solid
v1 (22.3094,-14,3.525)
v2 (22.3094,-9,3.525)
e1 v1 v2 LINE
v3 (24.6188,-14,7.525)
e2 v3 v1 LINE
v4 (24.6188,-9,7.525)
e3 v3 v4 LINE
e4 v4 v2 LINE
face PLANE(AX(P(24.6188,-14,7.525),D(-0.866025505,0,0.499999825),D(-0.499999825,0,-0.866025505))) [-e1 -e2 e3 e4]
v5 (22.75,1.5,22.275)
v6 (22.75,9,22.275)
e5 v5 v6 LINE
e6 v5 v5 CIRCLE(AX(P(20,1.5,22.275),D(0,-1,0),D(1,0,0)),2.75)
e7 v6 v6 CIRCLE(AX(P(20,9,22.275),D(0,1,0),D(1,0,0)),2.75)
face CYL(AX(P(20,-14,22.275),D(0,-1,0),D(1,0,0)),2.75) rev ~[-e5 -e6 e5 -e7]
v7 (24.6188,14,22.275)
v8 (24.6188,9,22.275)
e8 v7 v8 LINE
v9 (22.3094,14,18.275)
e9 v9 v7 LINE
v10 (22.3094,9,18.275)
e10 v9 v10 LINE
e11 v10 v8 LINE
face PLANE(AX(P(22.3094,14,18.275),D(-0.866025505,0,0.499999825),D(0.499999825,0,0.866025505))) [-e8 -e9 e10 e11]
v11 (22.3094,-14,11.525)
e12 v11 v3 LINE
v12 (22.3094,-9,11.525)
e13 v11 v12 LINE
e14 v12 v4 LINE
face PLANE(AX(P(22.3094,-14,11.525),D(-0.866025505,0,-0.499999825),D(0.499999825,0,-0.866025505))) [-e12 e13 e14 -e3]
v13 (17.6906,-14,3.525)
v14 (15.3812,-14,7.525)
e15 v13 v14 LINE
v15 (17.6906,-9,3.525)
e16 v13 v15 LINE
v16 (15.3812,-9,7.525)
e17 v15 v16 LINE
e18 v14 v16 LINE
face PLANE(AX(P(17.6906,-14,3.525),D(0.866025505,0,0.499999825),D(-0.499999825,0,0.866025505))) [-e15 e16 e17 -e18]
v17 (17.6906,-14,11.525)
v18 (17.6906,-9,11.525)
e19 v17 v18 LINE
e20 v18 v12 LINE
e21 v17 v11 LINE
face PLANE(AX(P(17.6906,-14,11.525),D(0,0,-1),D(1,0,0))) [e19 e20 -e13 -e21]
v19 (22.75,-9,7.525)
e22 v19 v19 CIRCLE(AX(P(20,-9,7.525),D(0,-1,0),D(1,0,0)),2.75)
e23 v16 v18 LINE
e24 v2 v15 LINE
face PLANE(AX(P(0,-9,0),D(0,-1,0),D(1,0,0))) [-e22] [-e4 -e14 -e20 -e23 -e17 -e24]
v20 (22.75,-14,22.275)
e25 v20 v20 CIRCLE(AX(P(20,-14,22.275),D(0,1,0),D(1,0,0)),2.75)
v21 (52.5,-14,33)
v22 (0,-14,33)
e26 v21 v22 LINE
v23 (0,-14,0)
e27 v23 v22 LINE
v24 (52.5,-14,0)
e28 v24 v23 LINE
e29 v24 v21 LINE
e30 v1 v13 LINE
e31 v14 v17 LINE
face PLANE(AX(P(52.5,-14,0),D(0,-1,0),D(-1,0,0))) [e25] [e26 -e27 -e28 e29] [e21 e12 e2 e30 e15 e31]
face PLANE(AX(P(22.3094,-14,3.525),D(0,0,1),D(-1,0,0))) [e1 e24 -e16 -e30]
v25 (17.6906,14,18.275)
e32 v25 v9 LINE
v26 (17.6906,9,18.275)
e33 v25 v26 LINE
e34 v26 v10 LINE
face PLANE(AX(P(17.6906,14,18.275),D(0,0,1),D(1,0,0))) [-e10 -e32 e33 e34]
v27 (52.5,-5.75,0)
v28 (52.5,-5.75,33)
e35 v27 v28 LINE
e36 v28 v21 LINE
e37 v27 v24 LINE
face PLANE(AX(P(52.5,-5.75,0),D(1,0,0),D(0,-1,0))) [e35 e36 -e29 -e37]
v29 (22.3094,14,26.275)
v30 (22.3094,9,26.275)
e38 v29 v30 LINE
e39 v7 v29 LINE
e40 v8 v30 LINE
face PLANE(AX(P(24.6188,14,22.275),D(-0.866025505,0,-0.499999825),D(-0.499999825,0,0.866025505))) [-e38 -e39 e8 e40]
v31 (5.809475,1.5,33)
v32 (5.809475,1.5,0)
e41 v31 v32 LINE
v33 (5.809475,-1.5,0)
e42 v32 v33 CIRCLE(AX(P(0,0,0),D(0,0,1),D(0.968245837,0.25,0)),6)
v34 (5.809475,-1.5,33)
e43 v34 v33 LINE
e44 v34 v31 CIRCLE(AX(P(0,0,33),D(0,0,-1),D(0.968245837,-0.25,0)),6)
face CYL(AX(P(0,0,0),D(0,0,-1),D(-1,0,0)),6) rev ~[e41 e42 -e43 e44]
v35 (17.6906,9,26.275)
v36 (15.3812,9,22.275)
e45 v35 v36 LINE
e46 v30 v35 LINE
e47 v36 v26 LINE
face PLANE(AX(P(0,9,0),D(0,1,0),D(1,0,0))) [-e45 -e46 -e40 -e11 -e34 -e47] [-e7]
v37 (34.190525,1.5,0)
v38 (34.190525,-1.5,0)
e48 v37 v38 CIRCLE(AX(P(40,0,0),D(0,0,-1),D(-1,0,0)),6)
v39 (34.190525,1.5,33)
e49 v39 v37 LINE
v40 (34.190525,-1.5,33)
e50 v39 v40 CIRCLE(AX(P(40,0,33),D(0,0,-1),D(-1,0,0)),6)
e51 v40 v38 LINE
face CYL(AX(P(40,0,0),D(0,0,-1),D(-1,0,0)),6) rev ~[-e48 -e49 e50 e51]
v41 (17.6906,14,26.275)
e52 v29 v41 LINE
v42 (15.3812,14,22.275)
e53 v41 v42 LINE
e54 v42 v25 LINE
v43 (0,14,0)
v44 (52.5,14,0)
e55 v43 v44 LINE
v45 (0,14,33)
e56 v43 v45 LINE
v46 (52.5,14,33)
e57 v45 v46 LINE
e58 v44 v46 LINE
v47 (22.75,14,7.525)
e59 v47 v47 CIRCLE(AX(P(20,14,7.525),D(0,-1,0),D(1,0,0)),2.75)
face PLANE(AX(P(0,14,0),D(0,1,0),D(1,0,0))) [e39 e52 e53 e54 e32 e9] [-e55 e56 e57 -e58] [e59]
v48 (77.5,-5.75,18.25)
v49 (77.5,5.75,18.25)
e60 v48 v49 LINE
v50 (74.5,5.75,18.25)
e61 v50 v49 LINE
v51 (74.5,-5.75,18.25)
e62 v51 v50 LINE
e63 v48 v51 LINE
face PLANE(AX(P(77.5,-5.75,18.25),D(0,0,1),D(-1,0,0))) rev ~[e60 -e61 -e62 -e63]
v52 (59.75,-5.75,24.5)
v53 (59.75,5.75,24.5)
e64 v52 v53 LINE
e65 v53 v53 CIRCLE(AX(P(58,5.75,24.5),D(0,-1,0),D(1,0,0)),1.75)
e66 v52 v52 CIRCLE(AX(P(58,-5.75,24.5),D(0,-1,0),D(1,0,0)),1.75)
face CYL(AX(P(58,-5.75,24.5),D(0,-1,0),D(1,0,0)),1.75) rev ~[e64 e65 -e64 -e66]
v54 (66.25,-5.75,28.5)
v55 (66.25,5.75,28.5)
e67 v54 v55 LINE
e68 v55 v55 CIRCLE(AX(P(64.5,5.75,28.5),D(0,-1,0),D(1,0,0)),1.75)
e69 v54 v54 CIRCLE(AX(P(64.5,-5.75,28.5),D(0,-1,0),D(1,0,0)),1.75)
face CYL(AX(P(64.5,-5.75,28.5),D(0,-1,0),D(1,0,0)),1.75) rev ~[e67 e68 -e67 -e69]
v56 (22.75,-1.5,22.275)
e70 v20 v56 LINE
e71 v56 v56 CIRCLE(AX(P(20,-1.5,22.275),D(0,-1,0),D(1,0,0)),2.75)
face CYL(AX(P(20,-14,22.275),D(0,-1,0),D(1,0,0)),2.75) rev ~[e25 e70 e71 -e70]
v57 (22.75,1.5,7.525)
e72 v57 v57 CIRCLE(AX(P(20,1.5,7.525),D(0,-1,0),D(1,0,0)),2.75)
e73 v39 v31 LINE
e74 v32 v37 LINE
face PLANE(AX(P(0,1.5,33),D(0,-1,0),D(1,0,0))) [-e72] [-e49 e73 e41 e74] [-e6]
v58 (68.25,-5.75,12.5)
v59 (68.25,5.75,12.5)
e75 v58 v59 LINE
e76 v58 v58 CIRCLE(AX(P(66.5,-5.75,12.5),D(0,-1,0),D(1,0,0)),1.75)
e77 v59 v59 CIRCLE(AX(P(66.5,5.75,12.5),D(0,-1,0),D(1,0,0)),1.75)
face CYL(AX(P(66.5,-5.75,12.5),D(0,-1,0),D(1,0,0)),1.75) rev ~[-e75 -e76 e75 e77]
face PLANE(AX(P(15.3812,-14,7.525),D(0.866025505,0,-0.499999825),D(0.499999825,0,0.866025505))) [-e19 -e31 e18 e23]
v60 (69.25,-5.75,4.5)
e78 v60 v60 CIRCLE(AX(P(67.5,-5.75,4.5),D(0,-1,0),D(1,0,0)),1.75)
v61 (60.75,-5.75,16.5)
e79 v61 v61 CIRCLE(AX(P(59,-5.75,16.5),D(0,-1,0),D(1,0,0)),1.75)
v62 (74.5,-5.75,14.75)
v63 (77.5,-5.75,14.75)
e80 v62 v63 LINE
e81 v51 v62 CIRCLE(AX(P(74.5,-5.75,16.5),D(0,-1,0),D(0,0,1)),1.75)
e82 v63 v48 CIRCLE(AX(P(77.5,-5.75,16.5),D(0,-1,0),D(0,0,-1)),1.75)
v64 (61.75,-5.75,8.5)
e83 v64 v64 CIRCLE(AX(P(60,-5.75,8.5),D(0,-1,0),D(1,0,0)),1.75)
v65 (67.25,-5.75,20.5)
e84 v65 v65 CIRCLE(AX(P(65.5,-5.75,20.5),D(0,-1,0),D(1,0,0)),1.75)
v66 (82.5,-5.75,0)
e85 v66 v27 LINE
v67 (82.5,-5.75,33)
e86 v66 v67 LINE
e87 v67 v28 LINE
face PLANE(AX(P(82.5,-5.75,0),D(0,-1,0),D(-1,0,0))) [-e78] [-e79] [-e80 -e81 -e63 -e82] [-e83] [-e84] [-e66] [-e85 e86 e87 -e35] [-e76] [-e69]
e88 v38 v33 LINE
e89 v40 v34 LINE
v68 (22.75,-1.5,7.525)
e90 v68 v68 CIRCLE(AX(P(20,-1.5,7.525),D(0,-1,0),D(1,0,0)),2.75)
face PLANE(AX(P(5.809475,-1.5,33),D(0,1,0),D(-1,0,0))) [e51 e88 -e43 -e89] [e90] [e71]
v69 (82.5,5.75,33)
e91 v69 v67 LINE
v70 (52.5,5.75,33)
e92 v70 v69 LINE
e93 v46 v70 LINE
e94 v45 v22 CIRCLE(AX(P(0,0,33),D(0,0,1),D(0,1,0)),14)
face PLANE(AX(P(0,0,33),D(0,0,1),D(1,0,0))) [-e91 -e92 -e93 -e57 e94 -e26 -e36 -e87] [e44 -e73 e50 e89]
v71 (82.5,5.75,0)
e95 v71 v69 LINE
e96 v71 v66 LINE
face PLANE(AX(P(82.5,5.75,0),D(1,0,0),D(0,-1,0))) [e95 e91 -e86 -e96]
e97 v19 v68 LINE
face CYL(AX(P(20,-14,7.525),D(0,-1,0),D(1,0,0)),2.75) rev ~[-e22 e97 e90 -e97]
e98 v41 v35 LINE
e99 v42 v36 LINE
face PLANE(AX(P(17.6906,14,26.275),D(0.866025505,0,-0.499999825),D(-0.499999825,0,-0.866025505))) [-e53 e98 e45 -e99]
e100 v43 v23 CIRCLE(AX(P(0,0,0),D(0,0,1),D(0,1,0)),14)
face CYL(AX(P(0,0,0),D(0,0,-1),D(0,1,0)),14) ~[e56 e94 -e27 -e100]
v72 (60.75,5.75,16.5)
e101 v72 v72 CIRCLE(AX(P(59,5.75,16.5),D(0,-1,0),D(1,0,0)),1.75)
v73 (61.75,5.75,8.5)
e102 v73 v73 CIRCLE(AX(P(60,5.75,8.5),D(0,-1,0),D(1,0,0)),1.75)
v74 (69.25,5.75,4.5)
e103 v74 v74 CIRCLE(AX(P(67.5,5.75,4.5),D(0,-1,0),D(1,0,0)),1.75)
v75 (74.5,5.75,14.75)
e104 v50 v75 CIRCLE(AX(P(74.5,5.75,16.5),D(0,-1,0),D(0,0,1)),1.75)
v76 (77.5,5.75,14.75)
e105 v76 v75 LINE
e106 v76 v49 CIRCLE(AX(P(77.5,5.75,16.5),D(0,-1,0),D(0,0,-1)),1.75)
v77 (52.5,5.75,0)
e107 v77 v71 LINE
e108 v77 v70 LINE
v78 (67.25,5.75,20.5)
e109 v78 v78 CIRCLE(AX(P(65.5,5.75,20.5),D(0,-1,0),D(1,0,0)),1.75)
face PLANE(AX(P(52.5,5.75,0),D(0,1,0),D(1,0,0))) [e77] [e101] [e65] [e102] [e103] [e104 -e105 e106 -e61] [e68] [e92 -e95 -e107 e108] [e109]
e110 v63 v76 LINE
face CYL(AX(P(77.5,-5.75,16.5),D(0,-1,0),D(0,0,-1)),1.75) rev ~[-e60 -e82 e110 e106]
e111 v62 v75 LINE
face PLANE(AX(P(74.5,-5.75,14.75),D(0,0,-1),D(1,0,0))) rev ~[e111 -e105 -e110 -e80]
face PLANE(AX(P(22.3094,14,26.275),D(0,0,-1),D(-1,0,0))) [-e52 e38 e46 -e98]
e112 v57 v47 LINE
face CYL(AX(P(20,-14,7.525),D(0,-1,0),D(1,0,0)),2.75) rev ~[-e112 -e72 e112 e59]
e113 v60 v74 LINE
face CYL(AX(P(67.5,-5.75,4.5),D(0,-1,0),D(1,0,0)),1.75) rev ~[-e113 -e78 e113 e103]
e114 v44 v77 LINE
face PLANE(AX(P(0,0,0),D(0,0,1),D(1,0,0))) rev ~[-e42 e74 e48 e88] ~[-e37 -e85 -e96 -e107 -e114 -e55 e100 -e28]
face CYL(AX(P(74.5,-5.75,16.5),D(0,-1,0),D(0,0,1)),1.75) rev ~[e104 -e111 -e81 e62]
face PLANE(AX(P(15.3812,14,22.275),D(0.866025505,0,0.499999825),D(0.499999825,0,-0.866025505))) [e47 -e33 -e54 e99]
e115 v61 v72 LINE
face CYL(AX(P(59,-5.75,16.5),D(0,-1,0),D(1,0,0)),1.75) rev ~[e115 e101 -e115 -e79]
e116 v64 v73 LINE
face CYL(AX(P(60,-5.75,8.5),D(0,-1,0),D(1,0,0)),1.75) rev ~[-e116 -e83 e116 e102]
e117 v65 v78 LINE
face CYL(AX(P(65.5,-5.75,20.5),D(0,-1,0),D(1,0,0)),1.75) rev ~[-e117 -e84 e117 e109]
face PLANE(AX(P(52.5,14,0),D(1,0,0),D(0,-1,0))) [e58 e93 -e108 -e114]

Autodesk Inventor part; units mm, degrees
ref_plane "YZ Plane" through (0, 0, 0) normal (1, 0, 0) x (0, 1, 0)
ref_plane "XZ Plane" through (0, 0, 0) normal (0, 1, 0) x (-1, 0, 0)
ref_plane "XY Plane" through (0, 0, 0) normal (0, 0, 1) x (1, 0, 0)
sketch "Sketch1" plane through (0, 0, 0) normal (0, 0, 1) x (1, 0, 0)
  line L0 (0, 14) -> (52.5, 14)
  line L1 (52.5, 14) -> (52.5, 5.75)
  line L2 (52.5, 5.75) -> (82.5, 5.75)
  line L3 (82.5, 5.75) -> (82.5, -5.75)
  line L4 (82.5, -5.75) -> (52.5, -5.75)
  line L5 (52.5, -5.75) -> (52.5, -14)
  line L6 (52.5, -14) -> (0, -14)
  arc A0 (0, 14) -> (0, -14) centre (0, 0) ccw
  dimension "d0" = 82.5
  dimension "d1" = 30
  dimension "d2" = 14
  dimension "d3" = 11.5
extrude "Extrusion1" add sketch "Sketch1" along normal blind 33
sketch "Sketch2" plane through (0, 0, 0) normal (0, 0, -1) x (-1, 0, 0)
  arc A0 (0, -14) -> (0, 14) centre (0, 0) ccw projected
  circle A1 centre (0, 0) radius 6
  circle A2 centre (-40, 0) radius 6
  dimension "d6" = 12
  dimension "d8" = 40
extrude "Extrusion2" cut sketch "Sketch2" against normal through all
sketch "Sketch3" plane through (52.5, -5.75, 0) normal (0, -1, 0) x (1, 0, 0)
  line L0 (30, 0) -> (30, 33) projected
  line L1 (0, 0) -> (0, 33) projected
  line L2 (25, 18.25) -> (22, 18.25)
  arc A0 (22, 18.25) -> (22, 14.75) centre (22, 16.5) ccw
  line L3 (22, 14.75) -> (25, 14.75)
  arc A1 (25, 14.75) -> (25, 18.25) centre (25, 16.5) ccw
  point P0 (-52.5, 0)
  point P1 (30, 16.5)
  dimension "d11" = 3
  dimension "d13" = 5
  dimension "d14" = 1.75
extrude "Extrusion3" cut sketch "Sketch3" against normal through all
sketch "Sketch4" plane through (52.5, -5.75, 0) normal (0, -1, 0) x (1, 0, 0)
  line L0 (0, 0) -> (0, 33) projected
  line L1 (5, 8.5) -> (5, 16.5) construction
  line L2 (5, 16.5) -> (5, 24.5) construction
  line L3 (12, 28.5) -> (12, 20.5) construction
  line L4 (12, 20.5) -> (12, 12.5) construction
  line L5 (12, 12.5) -> (12, 4.5) construction
  circle A0 centre (5, 8.5) radius 1.75 construction
  circle A1 centre (5, 16.5) radius 1.75 construction
  circle A2 centre (5, 24.5) radius 1.75 construction
  circle A3 centre (12, 28.5) radius 1.75
  circle A4 centre (12, 20.5) radius 1.75 construction
  circle A5 centre (12, 12.5) radius 1.75 construction
  circle A6 centre (12, 4.5) radius 1.75 construction
  line L6 (0, 0) -> (0, 33) projected
  circle A7 centre (5.5, 24.5) radius 1.75
  circle A8 centre (13, 20.5) radius 1.75
  circle A9 centre (6.5, 16.5) radius 1.75
  circle A10 centre (14, 12.5) radius 1.75
  circle A11 centre (7.5, 8.5) radius 1.75
  circle A12 centre (15, 4.5) radius 1.75
  point P0 (-52.5, 0)
  point P1 (12, 16.5)
  point P2 (0, 16.5)
  dimension "d17" = 5
  dimension "d18" = 7
  dimension "d19" = 3.5
  dimension "d20" = 8
  dimension "d21" = 0.5
  dimension "d22" = 1
  dimension "d23" = 1.5
  dimension "d24" = 2
  dimension "d25" = 2.5
  dimension "d26" = 3
extrude "Extrusion4" cut sketch "Sketch4" against normal through all
sketch "Sketch5" plane through (0, -14, 0) normal (0, -1, 0) x (1, 0, 0)
  line L0 (52.5, 0) -> (0, 0) projected
  line L1 (0, 33) -> (52.5, 33) projected
  line L2 (0, 0) -> (0, 33) projected
  line L3 (43, -22.7639) -> (43, 127.2361)
  line L4 (37, -22.7639) -> (37, 127.2361)
  line L5 (37, 33) -> (43, 33)
  line L6 (40, 33) -> (40, 0)
  line L7 (0, 14.9) -> (40, 14.9)
  line L8 (20, 14.9) -> (20, 22.275)
  circle A0 centre (20, 22.275) radius 2.75
  line L9 (20, 14.9) -> (20, 7.525)
  circle A1 centre (20, 7.525) radius 2.75
  dimension "d32" = 18.1
  dimension "d34" = 7.375
  dimension "d35" = 5.5
extrude "Extrusion5" cut sketch "Sketch5" against normal through all contours A1 | A0
sketch "Sketch6" plane through (0, 14, 0) normal (0, 1, 0) x (1, 0, 0)
  circle A0 centre (20, -22.275) radius 2.75 projected
  line L0 (22.3094, -18.275) -> (24.6188, -22.275)
  line L1 (24.6188, -22.275) -> (22.3094, -26.275)
  line L2 (22.3094, -26.275) -> (17.6906, -26.275)
  line L3 (17.6906, -26.275) -> (15.3812, -22.275)
  line L4 (15.3812, -22.275) -> (17.6906, -18.275)
  line L5 (17.6906, -18.275) -> (22.3094, -18.275)
  dimension "d38" = 8
extrude "Extrusion6" cut sketch "Sketch6" against normal blind 5
sketch "Sketch7" plane through (0, -14, 0) normal (0, -1, 0) x (1, 0, 0)
  circle A0 centre (20, 7.525) radius 2.75 projected
  line L0 (17.6906, 11.525) -> (22.3094, 11.525)
  line L1 (22.3094, 11.525) -> (24.6188, 7.525)
  line L2 (24.6188, 7.525) -> (22.3094, 3.525)
  line L3 (22.3094, 3.525) -> (17.6906, 3.525)
  line L4 (17.6906, 3.525) -> (15.3812, 7.525)
  line L5 (15.3812, 7.525) -> (17.6906, 11.525)
  dimension "d41" = 8
extrude "Extrusion7" cut sketch "Sketch7" against normal blind 5
sketch "Sketch8" plane through (0, 0, 33) normal (0, 0, 1) x (1, 0, 0)
  circle A0 centre (0, 0) radius 6 projected
  circle A1 centre (40, 0) radius 6 projected
  line L0 (0, 1.5) -> (40, 1.5)
  line L1 (40, 1.5) -> (40, -1.5)
  line L2 (40, -1.5) -> (0, -1.5)
  line L3 (0, -1.5) -> (0, 1.5)
  dimension "d44" = 3
extrude "Extrusion8" cut sketch "Sketch8" against normal through all contours A0 L2 L3 L0 | A0 L0 A1 L2 | L0 L1 L2 A1 picked at (2, 0) picked at (38.0071, -0.1683)
properties part number "distal arm end"
